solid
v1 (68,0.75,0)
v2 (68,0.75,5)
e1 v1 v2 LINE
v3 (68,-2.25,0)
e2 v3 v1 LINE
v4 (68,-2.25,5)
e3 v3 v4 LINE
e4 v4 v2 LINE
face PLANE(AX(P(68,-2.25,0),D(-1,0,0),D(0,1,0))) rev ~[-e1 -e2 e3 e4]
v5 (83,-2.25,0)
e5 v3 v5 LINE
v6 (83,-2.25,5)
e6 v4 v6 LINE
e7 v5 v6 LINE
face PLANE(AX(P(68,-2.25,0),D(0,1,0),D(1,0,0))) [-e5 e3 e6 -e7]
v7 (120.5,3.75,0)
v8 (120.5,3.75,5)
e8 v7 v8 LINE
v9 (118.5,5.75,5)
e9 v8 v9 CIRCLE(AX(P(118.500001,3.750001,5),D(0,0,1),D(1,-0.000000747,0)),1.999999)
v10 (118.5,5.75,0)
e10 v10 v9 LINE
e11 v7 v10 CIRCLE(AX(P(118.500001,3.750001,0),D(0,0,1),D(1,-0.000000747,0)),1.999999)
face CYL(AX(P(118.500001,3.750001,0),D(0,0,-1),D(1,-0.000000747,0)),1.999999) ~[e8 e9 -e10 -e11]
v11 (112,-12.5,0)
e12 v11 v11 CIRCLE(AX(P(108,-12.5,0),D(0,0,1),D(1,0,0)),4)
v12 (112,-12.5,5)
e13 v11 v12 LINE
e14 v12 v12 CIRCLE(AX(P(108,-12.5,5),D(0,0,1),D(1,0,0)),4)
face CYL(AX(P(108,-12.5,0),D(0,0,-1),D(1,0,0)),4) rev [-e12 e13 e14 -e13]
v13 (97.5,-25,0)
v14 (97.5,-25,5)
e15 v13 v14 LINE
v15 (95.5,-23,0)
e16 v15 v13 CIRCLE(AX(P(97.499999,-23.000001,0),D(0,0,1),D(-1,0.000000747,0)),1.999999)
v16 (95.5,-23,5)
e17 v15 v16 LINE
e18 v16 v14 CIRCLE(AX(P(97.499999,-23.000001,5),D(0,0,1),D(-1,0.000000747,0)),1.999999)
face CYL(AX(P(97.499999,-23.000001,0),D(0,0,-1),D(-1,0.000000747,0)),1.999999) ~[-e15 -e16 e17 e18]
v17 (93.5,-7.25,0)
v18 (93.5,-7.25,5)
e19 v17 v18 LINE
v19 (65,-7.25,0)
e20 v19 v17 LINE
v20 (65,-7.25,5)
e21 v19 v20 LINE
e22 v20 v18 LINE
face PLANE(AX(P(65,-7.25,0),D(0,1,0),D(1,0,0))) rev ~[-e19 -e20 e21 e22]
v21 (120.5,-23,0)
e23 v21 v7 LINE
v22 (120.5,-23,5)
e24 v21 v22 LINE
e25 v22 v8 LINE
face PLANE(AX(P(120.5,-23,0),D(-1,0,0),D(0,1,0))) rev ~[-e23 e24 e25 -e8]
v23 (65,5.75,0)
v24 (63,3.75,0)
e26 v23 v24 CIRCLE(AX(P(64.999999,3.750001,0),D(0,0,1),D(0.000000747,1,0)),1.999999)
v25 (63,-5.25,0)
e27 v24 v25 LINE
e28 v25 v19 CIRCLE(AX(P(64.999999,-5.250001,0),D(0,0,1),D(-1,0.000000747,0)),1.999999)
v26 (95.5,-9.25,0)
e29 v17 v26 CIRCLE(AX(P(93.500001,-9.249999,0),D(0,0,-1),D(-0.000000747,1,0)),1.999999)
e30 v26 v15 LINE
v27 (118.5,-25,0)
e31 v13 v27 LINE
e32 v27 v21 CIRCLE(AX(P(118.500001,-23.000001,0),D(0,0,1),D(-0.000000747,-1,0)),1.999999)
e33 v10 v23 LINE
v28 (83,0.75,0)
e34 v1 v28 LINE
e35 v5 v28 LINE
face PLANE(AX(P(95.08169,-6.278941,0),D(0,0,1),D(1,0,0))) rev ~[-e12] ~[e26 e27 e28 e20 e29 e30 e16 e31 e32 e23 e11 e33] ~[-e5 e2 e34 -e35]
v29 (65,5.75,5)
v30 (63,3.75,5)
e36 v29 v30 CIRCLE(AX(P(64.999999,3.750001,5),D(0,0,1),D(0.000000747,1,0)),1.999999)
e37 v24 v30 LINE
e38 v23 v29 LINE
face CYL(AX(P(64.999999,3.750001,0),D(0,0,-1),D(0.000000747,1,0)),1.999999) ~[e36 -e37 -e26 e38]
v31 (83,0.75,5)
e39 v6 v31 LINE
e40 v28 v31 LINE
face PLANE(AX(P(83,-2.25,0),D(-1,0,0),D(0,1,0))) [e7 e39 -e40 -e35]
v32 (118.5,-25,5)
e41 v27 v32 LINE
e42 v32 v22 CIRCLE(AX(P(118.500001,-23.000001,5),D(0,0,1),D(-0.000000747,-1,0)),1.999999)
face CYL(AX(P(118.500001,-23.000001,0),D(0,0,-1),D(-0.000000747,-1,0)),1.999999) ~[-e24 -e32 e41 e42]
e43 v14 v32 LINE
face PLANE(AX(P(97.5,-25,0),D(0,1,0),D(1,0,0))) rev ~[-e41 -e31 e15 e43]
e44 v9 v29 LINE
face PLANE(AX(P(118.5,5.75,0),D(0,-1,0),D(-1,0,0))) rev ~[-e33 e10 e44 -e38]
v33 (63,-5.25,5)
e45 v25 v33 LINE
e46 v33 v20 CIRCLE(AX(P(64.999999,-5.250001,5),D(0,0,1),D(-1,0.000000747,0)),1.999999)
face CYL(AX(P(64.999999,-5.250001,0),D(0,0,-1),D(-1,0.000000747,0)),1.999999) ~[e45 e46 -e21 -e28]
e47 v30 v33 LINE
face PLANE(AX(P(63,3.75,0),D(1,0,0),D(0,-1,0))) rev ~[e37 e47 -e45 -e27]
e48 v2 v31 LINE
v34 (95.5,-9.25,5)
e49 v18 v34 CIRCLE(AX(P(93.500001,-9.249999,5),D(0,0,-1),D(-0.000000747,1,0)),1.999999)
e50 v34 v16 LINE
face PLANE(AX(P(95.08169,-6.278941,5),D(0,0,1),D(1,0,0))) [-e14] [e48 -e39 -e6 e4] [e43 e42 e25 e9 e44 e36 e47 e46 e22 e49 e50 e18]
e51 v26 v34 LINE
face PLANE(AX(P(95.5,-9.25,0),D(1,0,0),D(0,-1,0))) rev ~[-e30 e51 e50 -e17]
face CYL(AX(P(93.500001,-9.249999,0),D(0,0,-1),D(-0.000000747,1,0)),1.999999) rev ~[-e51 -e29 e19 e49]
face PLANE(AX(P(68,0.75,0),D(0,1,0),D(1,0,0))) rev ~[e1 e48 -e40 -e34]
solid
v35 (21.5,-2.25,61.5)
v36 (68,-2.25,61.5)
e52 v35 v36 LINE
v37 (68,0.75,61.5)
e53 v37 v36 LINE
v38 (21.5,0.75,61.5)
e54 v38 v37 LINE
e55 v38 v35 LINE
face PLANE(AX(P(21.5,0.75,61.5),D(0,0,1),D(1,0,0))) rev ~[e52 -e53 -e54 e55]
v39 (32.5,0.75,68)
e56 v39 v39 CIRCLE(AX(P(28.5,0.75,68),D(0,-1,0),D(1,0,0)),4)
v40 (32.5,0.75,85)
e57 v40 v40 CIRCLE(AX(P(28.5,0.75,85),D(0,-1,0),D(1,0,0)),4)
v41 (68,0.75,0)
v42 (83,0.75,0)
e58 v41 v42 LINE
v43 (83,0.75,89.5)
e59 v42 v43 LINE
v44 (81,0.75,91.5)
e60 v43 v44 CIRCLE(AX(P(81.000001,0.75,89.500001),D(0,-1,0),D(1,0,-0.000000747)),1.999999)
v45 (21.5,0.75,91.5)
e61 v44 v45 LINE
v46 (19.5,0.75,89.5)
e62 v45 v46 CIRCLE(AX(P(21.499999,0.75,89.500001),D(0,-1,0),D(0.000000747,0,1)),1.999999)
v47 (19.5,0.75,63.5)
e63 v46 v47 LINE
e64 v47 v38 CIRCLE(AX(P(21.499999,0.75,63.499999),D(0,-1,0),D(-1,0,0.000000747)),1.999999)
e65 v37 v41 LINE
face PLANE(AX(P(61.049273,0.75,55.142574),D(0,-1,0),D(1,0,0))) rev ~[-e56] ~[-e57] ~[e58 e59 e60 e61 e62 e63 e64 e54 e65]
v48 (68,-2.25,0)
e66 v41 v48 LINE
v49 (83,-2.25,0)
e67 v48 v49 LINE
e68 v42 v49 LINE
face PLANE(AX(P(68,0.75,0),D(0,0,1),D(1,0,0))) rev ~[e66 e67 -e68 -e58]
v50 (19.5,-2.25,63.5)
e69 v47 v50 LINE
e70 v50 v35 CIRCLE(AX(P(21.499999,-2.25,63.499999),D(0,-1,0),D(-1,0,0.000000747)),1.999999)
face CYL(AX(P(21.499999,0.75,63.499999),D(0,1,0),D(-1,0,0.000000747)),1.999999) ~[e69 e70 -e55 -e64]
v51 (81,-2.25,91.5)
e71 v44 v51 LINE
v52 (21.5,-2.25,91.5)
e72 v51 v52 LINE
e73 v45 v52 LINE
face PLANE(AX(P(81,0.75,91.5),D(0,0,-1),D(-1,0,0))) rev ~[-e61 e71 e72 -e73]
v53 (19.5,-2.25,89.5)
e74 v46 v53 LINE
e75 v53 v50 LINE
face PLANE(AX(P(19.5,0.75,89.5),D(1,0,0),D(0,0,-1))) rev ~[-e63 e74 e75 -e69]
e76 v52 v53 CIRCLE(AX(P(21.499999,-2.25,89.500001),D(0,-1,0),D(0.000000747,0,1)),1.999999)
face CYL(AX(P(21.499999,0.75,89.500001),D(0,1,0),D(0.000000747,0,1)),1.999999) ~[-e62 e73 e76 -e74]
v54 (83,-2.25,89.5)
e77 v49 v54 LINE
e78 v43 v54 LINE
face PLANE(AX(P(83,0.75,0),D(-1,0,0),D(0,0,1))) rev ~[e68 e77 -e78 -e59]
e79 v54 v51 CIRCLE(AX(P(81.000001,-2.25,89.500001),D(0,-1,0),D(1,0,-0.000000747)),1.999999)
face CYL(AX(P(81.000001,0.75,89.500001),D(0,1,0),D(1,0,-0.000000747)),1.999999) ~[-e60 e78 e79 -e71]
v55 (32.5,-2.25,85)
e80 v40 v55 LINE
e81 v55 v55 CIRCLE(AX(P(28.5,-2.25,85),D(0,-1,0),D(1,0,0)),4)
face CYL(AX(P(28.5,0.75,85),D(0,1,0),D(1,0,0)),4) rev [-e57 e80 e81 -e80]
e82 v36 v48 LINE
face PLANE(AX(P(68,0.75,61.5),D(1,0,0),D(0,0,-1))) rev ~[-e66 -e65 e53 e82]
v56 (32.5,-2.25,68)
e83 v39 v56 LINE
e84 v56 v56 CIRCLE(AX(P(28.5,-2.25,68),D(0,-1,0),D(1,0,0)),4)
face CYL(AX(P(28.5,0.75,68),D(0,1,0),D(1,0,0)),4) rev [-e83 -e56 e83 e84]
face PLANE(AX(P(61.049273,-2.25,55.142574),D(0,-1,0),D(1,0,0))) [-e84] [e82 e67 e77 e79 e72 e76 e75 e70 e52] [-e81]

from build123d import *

# Parameters (mm, degrees)
F0_R     = 4
F0_W     = 15
F0_H     = 3
F1_DEPTH = 5
F2_R     = 4
F3_DEPTH = 3


with BuildPart() as f1:
    # F0 (on Top) → F1 (new body)
    with BuildSketch(Plane.XY):
        with BuildLine():
            ThreePointArc((95.5, -23), (96.085786, -24.414214), (97.5, -25))
            Line((97.5, -25), (118.5, -25))
            ThreePointArc((118.5, -25), (119.914214, -24.414214), (120.5, -23))
            Line((120.5, -23), (120.5, -7.25))
            Line((120.5, -7.25), (120.5, 3.75))
            ThreePointArc((120.5, 3.75), (119.914214, 5.164214), (118.5, 5.75))
            Line((118.5, 5.75), (65, 5.75))
            ThreePointArc((65, 5.75), (63.585786, 5.164214), (63, 3.75))
            Line((63, 3.75), (63, -5.25))
            ThreePointArc((63, -5.25), (63.585786, -6.664214), (65, -7.25))
            Line((65, -7.25), (93.5, -7.25))
            ThreePointArc((93.5, -7.25), (94.914214, -7.835786), (95.5, -9.25))
            Line((95.5, -9.25), (95.5, -23))
        make_face()
        with Locations((108, -12.5)):
            Circle(F0_R, mode=Mode.SUBTRACT)
        with Locations((75.5, -0.75)):
            Rectangle(F0_W, F0_H, mode=Mode.SUBTRACT)
    extrude(amount=F1_DEPTH)


with BuildPart() as f3:
    # F2 (on face) → F3 (new body)
    with BuildSketch(Plane.XZ.offset(-0.75)):
        with BuildLine():
            Line((68, 61.5), (68, 0))
            Line((68, 0), (83, 0))
            Line((83, 0), (83, 89.5))
            ThreePointArc((83, 89.5), (82.414214, 90.914214), (81, 91.5))
            Line((81, 91.5), (53, 91.5))
            Line((53, 91.5), (21.5, 91.5))
            ThreePointArc((21.5, 91.5), (20.085786, 90.914214), (19.5, 89.5))
            Line((19.5, 89.5), (19.5, 63.5))
            ThreePointArc((19.5, 63.5), (20.085786, 62.085786), (21.5, 61.5))
            Line((21.5, 61.5), (68, 61.5))
        make_face()
        with Locations((28.5, 68)):
            Circle(F2_R, mode=Mode.SUBTRACT)
        with Locations((28.5, 85)):
            Circle(F2_R, mode=Mode.SUBTRACT)
    extrude(amount=F3_DEPTH)


solid = Compound([f1.part, f3.part])
